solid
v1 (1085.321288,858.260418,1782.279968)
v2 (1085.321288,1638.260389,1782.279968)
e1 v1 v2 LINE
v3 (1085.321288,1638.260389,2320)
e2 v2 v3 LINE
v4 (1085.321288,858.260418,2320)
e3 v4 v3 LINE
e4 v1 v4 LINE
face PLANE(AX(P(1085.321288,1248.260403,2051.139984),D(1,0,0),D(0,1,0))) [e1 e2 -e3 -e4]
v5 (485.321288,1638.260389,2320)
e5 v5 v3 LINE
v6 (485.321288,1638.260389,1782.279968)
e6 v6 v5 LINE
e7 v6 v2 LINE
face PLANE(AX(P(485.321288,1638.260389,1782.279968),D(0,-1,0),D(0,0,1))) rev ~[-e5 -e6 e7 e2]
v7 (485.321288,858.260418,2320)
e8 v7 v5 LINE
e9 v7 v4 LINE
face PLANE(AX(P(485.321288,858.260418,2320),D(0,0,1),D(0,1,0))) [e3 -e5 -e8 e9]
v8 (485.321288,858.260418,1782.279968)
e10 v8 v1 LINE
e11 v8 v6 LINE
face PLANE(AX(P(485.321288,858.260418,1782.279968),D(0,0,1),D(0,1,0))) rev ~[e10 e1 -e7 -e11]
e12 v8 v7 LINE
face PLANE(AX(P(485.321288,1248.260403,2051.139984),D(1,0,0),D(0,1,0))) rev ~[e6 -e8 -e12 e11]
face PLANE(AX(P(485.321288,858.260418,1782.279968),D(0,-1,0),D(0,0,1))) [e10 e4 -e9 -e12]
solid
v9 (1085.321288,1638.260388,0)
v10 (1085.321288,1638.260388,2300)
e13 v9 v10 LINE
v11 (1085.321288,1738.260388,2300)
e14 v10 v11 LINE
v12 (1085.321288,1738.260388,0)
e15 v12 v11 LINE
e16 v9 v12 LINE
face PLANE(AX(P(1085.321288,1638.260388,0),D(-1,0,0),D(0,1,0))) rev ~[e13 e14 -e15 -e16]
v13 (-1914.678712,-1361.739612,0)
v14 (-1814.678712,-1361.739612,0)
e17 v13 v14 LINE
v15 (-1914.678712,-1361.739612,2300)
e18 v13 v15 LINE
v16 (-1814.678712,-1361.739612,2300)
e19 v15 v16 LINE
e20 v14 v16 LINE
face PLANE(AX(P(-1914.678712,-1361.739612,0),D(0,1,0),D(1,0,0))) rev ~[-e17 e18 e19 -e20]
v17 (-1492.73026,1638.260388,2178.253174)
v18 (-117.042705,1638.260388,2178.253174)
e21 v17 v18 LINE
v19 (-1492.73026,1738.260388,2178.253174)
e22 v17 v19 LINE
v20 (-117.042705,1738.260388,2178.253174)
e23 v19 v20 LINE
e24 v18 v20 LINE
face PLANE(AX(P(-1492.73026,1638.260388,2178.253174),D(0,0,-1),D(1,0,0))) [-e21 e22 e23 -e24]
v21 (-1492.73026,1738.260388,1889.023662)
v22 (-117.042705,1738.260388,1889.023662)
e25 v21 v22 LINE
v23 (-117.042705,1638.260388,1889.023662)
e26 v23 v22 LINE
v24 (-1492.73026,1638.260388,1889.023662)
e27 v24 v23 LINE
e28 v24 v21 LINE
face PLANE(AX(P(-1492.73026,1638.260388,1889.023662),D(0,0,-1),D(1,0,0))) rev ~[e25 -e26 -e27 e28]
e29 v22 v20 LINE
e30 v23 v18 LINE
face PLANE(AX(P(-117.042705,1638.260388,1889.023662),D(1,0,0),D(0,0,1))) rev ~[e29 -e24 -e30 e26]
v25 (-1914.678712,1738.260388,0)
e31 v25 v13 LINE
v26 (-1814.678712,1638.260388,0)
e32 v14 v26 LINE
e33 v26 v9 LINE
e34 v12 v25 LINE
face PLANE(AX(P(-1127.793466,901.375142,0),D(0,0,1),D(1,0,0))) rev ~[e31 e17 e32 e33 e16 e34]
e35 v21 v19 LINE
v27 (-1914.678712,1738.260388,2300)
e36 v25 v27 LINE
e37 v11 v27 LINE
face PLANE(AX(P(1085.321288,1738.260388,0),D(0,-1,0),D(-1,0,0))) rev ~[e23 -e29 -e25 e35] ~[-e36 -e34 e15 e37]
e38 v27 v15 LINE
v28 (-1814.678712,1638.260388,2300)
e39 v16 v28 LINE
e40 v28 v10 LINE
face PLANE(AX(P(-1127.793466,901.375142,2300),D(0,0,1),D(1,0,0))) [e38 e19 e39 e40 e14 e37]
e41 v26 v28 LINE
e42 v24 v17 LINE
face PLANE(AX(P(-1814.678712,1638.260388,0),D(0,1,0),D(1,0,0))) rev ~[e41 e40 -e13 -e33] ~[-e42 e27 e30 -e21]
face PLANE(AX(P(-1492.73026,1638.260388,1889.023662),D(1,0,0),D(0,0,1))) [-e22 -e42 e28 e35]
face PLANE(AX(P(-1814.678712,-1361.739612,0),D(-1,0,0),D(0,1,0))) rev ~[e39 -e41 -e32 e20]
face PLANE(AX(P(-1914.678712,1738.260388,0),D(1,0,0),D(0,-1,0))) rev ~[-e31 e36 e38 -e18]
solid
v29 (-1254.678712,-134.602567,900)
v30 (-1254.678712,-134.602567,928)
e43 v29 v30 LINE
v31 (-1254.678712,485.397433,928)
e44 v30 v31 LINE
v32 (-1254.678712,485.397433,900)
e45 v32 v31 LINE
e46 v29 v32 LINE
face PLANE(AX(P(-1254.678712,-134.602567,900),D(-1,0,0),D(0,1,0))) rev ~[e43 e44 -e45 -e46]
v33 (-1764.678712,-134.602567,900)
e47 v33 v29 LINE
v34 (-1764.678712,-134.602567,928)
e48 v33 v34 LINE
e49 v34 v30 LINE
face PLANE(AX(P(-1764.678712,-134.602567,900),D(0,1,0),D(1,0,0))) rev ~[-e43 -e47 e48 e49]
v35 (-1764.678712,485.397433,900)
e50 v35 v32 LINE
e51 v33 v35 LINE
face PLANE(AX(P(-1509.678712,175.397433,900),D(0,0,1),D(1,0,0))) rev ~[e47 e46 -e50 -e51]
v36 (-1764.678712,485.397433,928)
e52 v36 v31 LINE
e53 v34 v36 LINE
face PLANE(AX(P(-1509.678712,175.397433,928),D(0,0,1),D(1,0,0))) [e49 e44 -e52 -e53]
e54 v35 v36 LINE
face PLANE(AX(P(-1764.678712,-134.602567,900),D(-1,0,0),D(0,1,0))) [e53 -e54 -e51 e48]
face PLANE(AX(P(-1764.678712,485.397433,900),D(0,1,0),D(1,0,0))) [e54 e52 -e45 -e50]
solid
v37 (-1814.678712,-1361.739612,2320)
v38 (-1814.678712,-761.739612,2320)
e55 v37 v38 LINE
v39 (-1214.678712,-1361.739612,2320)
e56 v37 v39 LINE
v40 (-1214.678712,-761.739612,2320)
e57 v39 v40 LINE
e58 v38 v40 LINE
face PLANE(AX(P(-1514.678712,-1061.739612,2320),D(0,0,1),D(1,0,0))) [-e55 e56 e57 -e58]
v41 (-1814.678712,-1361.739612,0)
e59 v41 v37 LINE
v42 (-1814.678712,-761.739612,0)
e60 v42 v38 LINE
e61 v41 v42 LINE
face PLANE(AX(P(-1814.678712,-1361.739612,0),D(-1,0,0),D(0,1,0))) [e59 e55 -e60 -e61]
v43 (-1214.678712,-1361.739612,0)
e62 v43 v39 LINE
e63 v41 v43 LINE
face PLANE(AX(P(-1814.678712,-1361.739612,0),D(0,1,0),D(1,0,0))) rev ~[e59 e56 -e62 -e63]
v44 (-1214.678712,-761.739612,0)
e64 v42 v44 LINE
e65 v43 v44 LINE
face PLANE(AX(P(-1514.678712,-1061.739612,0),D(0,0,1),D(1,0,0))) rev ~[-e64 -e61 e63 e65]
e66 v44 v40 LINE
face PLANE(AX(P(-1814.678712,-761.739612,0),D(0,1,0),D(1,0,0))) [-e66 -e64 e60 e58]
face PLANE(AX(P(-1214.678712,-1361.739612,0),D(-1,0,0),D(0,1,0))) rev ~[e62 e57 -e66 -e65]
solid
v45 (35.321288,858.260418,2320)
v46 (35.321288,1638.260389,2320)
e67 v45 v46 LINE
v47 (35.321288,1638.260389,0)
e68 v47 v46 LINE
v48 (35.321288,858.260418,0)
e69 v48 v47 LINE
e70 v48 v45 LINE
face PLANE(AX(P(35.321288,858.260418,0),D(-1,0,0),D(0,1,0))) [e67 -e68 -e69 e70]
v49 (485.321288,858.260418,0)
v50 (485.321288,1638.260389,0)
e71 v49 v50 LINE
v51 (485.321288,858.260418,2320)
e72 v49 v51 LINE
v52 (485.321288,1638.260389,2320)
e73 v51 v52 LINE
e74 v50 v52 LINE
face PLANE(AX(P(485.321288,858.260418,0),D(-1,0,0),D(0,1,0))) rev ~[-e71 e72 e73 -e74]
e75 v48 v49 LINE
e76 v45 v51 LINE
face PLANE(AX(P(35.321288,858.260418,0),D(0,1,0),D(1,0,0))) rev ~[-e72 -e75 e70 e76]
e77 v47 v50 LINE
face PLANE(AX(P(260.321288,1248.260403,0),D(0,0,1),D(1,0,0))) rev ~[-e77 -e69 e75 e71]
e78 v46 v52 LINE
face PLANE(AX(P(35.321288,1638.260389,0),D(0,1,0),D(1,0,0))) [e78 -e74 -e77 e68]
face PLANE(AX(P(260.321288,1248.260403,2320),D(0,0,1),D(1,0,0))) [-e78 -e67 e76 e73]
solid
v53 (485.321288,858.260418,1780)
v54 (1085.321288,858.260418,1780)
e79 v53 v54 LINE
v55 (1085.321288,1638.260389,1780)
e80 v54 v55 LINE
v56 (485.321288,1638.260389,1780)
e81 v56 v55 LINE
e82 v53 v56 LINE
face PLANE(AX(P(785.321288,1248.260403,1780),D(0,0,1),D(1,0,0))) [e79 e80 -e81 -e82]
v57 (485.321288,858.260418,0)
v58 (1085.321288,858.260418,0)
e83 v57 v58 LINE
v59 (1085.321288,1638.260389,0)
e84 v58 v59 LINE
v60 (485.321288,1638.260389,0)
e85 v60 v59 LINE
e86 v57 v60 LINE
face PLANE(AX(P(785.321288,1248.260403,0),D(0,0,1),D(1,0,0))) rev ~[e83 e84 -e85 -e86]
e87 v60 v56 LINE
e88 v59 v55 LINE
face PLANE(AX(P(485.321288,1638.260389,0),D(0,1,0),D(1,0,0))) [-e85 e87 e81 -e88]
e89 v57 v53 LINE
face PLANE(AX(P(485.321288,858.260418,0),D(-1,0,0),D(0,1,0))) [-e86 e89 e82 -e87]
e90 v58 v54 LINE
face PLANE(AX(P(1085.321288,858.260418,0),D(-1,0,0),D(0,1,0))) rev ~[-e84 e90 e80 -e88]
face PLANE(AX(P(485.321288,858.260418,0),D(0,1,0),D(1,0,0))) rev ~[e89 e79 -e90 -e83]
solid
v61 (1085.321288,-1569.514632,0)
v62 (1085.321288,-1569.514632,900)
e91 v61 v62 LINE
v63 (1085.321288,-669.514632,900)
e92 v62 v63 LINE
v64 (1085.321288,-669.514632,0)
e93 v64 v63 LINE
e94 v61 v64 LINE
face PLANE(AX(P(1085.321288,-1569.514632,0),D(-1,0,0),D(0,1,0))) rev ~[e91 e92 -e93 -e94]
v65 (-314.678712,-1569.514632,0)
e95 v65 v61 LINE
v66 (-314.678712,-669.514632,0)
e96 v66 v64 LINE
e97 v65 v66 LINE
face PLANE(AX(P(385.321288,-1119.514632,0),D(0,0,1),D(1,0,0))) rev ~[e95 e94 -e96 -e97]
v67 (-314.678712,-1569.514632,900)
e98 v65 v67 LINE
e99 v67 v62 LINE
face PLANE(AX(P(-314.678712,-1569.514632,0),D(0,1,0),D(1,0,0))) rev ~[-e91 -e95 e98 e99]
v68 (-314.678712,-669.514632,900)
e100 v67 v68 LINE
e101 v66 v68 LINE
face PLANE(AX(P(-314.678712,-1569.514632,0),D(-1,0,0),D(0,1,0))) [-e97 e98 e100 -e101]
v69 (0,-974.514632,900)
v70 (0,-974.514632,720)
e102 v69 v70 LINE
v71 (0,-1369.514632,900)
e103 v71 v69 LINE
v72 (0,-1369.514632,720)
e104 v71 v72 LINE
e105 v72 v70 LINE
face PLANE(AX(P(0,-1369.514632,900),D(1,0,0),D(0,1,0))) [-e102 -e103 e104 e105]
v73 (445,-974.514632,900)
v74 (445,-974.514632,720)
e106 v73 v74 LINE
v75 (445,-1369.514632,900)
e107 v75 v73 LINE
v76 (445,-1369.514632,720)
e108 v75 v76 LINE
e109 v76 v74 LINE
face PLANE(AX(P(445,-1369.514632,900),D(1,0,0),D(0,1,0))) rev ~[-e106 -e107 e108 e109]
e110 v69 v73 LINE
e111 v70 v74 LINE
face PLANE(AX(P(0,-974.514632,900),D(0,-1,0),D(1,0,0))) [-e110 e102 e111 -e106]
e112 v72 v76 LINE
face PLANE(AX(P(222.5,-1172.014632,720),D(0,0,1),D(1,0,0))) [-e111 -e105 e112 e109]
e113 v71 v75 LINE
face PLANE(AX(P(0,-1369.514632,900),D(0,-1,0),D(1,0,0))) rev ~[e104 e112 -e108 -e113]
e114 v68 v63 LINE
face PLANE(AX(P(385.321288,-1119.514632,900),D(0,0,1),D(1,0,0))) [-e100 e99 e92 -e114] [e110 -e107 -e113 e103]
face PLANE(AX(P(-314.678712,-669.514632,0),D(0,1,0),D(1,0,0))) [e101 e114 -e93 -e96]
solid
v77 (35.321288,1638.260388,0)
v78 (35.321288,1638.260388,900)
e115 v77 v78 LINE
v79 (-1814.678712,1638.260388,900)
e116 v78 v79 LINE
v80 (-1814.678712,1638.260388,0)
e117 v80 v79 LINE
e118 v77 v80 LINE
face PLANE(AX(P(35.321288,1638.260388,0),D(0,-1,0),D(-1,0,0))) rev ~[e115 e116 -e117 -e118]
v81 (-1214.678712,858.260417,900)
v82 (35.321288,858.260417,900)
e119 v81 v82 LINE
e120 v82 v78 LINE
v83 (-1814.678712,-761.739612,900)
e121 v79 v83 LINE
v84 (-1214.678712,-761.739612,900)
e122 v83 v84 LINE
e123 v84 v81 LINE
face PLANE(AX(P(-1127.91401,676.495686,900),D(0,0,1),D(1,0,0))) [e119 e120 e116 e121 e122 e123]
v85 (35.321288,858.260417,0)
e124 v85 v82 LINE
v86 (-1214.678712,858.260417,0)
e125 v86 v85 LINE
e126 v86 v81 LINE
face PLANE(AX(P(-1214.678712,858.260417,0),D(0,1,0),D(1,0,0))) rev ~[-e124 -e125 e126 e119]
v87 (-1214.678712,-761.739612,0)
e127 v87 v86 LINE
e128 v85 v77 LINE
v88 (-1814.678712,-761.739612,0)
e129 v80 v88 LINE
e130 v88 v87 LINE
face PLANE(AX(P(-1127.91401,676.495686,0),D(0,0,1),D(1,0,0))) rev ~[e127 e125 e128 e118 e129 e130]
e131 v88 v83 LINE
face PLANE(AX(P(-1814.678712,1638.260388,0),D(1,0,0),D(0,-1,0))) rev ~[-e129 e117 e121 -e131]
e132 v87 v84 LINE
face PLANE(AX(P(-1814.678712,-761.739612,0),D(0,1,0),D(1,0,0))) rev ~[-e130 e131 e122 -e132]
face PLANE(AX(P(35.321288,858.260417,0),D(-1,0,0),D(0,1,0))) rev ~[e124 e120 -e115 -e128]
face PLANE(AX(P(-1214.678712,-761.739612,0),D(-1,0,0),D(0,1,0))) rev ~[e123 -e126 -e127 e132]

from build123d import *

# Parameters (mm, degrees)
F0_W      = 600
F0_H      = 779.999971
F1_DEPTH  = 1780
F0_W_2    = 450
F2_DEPTH  = 2320
F0_H_2    = 600
F3_DEPTH  = 2320
F4_DEPTH  = 900
F0_W_3    = 1400
F0_H_3    = 900
F5_DEPTH  = 900
F6_W      = 779.999971
F6_H      = 537.720032
F7_DEPTH  = 600
F8_DEPTH  = 2300
F9_W      = 510
F9_H      = 620
F10_DEPTH = 28
F11_W     = 1375.687555
F11_H     = 289.229512
F12_DEPTH = 100.001
F13_W     = 445
F13_H     = 395
F14_DEPTH = 180


with BuildPart() as f1:
    # F0 (on Top) → F1 (new body)
    with BuildSketch(Plane.XY):
        with Locations((785.321288, 1248.260403)):
            Rectangle(F0_W, F0_H)
    extrude(amount=F1_DEPTH)


with BuildPart() as f2:
    # F0 (on Top) → F2 (new body)
    with BuildSketch(Plane.XY):
        with Locations((260.321288, 1248.260403)):
            Rectangle(F0_W_2, F0_H)
    extrude(amount=F2_DEPTH)


with BuildPart() as f3:
    # F0 (on Top) → F3 (new body)
    with BuildSketch(Plane.XY):
        with Locations((-1514.678712, -1061.739612)):
            Rectangle(F0_W, F0_H_2)
    extrude(amount=F3_DEPTH)


with BuildPart() as f4:
    # F0 (on Top) → F4 (new body)
    with BuildSketch(Plane.XY):
        Polygon((35.321288, 1638.260388), (-1814.678712, 1638.260388), (-1814.678712, 1038.260388), (-1814.678712, -761.739612), (-1214.678712, -761.739612), (-1214.678712, 858.260417), (35.321288, 858.260417), align=None)
    extrude(amount=F4_DEPTH)


with BuildPart() as f5:
    # F0 (on Top) → F5 (new body)
    with BuildSketch(Plane.XY):
        with Locations((385.321288, -1119.514632)):
            Rectangle(F0_W_3, F0_H_3)
    extrude(amount=F5_DEPTH)

    # F13 (on face) → F14 (cut)
    with BuildSketch(Plane.XY.offset(900)):
        with Locations((222.5, -1172.014632)):
            Rectangle(F13_W, F13_H)
    extrude(amount=-F14_DEPTH, mode=Mode.SUBTRACT)


with BuildPart() as f7:
    # F6 (on face) → F7 (new body)
    with BuildSketch(Plane.YZ.offset(485.321288)):
        with Locations((1248.260403, 2051.139984)):
            Rectangle(F6_W, F6_H)
    extrude(amount=F7_DEPTH)


with BuildPart() as f8:
    # F0 (on Top) → F8 (new body)
    with BuildSketch(Plane.XY):
        Polygon((-1814.678712, 1038.260388), (-1814.678712, 1638.260388), (35.321288, 1638.260388), (485.321288, 1638.260388), (1085.321288, 1638.260388), (1085.321288, 1738.260388), (-1914.678712, 1738.260388), (-1914.678712, 858.260417), (-1914.678712, -1361.739612), (-1814.678712, -1361.739612), (-1814.678712, -761.739612), align=None)
    extrude(amount=F8_DEPTH)

    # F11 (on face) → F12 (cut, through all)
    with BuildSketch(Plane.XZ.offset(-1638.260388)):
        with Locations((-804.886483, 2033.638418)):
            Rectangle(F11_W, F11_H)
    extrude(amount=-F12_DEPTH, mode=Mode.SUBTRACT)


with BuildPart() as f10:
    # F9 (on face) → F10 (new body)
    with BuildSketch(Plane.XY.offset(900)):
        with Locations((-1509.678712, 175.397433)):
            Rectangle(F9_W, F9_H)
    extrude(amount=F10_DEPTH)


solid = Compound([f1.part, f2.part, f3.part, f4.part, f5.part, f7.part, f8.part, f10.part])
